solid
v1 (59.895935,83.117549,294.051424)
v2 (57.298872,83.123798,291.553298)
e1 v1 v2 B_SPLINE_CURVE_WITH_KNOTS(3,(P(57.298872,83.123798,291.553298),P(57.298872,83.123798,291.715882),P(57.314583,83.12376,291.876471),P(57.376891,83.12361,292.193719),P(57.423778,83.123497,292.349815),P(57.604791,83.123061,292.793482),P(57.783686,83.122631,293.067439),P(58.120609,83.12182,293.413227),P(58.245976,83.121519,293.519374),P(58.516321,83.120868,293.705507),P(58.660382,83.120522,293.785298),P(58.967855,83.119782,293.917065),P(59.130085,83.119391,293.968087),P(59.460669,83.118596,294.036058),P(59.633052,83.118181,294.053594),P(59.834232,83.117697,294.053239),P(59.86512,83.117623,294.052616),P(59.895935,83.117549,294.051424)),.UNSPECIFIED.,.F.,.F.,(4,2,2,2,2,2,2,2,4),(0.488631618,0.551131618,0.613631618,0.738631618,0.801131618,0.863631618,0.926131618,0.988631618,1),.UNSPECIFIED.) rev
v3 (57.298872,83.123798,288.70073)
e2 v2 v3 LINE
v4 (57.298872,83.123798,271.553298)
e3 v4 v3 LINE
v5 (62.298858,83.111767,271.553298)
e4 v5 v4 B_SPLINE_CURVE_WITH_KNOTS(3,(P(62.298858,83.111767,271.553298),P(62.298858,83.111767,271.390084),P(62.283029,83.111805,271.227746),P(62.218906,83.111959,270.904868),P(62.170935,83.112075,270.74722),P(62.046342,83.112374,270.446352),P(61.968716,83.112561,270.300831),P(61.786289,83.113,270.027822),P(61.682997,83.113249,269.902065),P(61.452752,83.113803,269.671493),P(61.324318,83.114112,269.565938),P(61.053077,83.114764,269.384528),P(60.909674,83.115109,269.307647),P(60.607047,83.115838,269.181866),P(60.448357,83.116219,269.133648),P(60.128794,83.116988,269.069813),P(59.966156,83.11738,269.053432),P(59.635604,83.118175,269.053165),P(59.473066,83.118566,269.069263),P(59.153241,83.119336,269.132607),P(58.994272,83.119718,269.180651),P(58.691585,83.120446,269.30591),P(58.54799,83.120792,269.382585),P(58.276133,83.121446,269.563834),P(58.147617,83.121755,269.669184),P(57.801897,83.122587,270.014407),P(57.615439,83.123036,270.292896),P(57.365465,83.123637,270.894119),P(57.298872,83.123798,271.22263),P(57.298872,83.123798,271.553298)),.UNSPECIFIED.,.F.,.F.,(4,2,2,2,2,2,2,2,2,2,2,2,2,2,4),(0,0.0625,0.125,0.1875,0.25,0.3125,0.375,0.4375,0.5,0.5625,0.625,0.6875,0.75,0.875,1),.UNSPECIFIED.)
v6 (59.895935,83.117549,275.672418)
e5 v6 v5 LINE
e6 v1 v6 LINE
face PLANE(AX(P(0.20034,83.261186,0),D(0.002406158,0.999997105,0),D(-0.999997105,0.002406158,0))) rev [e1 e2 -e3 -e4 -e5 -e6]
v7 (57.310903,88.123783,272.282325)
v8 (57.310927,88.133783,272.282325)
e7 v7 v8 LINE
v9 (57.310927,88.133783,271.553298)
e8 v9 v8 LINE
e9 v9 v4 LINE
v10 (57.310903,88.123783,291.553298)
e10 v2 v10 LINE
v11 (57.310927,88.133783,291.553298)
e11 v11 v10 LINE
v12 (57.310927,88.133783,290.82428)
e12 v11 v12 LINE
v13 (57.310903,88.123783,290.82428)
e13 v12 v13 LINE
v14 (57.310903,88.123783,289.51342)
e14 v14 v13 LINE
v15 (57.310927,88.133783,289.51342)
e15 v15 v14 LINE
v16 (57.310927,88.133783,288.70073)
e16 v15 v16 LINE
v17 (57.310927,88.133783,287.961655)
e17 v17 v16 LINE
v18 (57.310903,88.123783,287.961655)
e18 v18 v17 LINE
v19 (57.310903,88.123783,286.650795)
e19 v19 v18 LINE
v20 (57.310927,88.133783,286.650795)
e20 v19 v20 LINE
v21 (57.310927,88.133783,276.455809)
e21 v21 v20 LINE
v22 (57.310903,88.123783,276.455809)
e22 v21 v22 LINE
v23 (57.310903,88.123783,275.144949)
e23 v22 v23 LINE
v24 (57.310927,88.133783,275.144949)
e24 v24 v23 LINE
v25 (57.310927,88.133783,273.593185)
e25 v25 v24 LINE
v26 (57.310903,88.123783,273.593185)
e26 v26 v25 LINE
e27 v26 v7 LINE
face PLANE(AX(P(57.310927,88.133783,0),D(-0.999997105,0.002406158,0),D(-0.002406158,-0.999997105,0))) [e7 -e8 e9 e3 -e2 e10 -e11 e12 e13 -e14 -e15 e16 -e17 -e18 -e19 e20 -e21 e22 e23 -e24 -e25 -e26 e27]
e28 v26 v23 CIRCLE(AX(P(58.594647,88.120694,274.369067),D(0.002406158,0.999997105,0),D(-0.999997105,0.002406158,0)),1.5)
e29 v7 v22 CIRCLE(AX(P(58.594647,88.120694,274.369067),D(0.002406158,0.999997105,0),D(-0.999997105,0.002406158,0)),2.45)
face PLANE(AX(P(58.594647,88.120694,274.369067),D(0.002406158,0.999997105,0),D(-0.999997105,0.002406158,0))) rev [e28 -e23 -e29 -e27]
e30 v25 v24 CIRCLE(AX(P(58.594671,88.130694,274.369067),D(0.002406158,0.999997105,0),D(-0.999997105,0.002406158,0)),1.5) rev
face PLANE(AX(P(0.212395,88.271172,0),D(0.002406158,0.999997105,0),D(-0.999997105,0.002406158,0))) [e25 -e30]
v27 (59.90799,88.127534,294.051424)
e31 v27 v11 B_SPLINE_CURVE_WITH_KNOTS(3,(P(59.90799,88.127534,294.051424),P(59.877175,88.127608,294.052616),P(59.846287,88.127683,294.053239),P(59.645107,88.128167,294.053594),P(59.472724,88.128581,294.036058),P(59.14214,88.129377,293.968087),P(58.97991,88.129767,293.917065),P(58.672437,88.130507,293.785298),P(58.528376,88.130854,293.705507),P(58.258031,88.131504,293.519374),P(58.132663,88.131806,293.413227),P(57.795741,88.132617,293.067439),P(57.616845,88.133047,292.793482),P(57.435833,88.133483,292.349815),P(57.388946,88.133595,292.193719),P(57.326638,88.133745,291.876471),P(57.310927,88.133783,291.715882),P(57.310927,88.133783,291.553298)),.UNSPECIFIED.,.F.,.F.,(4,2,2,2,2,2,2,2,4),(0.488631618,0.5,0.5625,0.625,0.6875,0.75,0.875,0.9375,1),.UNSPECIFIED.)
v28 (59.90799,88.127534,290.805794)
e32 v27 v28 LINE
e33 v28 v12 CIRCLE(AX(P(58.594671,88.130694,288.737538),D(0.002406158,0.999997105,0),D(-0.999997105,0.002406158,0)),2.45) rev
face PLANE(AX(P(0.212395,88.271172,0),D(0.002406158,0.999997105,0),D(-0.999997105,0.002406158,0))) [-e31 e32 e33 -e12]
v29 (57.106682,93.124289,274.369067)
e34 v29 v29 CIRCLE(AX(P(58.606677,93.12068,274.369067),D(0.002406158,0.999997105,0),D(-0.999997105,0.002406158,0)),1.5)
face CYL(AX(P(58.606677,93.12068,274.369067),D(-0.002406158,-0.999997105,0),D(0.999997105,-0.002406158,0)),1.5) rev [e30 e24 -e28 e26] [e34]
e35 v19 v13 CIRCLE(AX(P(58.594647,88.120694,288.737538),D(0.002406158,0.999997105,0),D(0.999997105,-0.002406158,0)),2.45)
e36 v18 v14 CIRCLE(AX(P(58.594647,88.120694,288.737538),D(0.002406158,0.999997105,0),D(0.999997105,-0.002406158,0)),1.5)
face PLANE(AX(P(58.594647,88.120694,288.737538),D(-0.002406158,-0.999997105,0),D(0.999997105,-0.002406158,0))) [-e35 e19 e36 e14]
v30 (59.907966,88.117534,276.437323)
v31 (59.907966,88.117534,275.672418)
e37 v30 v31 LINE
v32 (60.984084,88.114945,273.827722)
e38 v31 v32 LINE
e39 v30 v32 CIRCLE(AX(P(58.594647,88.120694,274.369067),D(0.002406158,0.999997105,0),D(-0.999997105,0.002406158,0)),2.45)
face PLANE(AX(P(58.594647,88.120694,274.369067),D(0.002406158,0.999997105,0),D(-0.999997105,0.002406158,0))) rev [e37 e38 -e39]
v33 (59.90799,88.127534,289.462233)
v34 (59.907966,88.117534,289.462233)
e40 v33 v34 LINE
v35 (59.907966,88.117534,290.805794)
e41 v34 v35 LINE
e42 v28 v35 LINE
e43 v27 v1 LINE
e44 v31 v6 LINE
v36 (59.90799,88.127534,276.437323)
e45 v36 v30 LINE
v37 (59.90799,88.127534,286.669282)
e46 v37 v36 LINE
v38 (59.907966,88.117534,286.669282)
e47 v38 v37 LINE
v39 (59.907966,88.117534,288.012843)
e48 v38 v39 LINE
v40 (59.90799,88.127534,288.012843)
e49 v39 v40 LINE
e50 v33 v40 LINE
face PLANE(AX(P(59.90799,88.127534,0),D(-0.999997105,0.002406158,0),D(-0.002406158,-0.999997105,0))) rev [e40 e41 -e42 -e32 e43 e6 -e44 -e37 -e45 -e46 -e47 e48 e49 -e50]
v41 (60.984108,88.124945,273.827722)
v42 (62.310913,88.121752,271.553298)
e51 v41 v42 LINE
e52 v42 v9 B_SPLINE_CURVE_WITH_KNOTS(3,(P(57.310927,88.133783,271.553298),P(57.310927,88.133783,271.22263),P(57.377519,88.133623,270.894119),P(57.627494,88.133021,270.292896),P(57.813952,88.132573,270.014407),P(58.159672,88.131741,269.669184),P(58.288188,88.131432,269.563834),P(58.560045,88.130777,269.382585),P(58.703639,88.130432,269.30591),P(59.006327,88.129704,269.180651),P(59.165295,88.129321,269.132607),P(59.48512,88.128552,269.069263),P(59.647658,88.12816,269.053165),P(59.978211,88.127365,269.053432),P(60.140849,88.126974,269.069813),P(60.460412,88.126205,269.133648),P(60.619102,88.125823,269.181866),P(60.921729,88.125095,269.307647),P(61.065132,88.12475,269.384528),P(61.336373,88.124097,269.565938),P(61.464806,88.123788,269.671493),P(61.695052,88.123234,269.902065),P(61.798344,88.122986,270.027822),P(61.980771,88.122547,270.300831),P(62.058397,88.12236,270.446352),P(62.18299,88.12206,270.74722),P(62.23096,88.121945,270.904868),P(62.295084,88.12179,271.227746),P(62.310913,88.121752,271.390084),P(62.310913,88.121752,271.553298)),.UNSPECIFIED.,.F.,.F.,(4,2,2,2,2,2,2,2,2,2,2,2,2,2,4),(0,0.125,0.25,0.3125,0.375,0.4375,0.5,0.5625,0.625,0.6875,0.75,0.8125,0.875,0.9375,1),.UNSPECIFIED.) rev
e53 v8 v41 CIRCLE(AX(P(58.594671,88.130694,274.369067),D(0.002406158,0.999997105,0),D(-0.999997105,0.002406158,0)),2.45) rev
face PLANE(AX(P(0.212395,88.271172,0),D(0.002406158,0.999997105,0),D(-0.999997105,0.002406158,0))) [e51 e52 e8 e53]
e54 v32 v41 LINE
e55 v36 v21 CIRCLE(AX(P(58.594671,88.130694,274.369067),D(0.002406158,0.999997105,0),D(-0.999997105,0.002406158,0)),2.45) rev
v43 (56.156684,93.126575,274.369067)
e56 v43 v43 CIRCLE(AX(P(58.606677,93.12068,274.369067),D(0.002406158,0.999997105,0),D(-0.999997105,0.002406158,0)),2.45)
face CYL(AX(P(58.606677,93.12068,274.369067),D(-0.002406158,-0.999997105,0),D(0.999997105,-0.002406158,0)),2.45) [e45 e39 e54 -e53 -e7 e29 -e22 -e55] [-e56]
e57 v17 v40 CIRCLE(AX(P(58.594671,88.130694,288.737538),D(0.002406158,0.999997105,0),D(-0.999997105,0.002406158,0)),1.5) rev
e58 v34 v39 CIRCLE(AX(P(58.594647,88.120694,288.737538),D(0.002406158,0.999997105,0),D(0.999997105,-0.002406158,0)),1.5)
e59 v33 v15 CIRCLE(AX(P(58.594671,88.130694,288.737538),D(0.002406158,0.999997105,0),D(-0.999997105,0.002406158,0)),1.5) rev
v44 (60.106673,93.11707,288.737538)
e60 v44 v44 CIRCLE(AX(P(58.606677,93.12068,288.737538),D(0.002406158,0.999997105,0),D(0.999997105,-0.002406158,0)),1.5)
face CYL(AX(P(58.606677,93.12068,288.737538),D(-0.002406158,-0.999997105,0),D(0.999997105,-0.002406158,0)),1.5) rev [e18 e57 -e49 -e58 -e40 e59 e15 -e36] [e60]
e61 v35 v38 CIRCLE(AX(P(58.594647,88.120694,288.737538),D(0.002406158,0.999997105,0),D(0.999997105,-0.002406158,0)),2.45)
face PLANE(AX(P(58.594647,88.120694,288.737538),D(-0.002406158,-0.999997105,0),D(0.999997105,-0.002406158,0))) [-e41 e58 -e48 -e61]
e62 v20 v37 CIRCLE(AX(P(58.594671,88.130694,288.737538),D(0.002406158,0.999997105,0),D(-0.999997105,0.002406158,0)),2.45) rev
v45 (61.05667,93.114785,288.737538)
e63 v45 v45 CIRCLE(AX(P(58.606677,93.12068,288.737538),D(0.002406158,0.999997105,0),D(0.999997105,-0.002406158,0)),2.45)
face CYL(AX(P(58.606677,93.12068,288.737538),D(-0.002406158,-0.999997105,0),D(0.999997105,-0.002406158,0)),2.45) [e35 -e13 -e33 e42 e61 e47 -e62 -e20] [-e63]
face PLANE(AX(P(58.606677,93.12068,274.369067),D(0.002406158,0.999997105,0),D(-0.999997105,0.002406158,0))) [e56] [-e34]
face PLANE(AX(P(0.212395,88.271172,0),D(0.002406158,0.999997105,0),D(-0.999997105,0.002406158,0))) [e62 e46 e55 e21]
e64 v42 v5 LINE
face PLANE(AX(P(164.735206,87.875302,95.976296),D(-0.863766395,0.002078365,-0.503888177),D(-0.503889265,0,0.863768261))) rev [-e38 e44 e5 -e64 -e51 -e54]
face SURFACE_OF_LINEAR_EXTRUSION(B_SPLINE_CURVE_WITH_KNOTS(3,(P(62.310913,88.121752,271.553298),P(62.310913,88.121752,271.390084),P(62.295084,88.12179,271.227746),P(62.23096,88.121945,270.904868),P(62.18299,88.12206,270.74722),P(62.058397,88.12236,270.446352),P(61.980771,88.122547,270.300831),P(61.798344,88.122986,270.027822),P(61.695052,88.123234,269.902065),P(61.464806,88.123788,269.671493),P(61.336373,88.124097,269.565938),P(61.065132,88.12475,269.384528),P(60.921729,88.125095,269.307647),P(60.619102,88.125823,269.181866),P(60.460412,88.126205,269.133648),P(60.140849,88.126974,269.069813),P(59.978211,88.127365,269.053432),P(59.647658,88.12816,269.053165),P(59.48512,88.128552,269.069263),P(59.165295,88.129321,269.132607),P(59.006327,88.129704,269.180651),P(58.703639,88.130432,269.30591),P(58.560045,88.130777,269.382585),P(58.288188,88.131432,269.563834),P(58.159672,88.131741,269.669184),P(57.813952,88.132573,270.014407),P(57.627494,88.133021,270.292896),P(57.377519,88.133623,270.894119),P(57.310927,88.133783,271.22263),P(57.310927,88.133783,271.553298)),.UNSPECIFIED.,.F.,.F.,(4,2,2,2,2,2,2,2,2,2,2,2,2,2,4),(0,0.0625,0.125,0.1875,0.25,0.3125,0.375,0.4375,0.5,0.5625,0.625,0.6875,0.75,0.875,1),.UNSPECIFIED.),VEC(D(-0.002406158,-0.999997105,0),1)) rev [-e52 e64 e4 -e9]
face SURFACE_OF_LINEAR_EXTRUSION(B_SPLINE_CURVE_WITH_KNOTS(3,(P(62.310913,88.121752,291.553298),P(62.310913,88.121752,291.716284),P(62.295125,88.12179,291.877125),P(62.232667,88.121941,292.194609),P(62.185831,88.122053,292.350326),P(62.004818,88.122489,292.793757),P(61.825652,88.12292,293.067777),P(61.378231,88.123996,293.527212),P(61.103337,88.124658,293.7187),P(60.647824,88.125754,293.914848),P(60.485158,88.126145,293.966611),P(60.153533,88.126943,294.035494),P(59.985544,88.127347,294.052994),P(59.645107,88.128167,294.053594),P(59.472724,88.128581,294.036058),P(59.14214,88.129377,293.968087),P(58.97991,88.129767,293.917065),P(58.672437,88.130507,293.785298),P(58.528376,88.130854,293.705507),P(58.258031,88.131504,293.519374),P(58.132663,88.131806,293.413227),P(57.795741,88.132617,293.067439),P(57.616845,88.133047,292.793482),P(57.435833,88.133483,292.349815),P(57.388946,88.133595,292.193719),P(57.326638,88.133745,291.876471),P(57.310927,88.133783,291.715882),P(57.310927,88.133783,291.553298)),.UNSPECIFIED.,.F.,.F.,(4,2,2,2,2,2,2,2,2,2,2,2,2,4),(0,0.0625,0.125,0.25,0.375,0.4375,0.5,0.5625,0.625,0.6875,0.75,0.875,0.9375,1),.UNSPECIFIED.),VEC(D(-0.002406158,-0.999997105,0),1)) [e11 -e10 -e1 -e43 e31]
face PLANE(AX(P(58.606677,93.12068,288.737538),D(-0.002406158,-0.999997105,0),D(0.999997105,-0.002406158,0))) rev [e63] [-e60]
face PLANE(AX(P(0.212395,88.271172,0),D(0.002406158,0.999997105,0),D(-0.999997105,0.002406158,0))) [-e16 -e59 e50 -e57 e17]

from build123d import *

# Parameters (mm, degrees)
BOSS_EXTRUDE1_DEPTH      = 0.01
BOSS_EXTRUDE1_DEPTH_BACK = 5
SKETCH5_R                = 2.45
SKETCH5_R_2              = 1.5
BOSS_EXTRUDE2_DEPTH      = 5


with BuildPart() as part:
    # Sketch1 → Boss-Extrude1 (new, two sides: drawn at the far end of the back side and taken through both)
    with BuildSketch(Plane(origin=(0.212370974, 88.261171587, 0), x_dir=(0.9999971051966906, -0.0024061583985667905, 0), z_dir=(0.0024061583985667905, 0.9999971051966906, 2.2915916530952404e-15)).offset(-BOSS_EXTRUDE1_DEPTH_BACK)):
        with BuildLine():
            add(Edge.make_bspline(
                [(62.098697441, -271.553297735), (62.098697441, -271.390083561), (62.082868678, -271.227746225), (62.018744893, -270.904868209), (61.970774481, -270.747219765), (61.846181156, -270.44635233), (61.768554488, -270.300830702), (61.586127547, -270.027822449), (61.482834878, -269.902064788), (61.252588694, -269.671493322), (61.124154836, -269.565937636), (60.85291301, -269.384527638), (60.709509325, -269.307646832), (60.406882072, -269.181865969), (60.248191704, -269.13364771), (59.928627436, -269.06981324), (59.765989129, -269.053431748), (59.435435386, -269.053165346), (59.272896926, -269.069262853), (58.953071086, -269.132607362), (58.794102275, -269.180650645), (58.491413646, -269.30591032), (58.347818746, -269.382585434), (58.075961384, -269.563834415), (57.947444391, -269.669183663), (57.601723344, -270.014407111), (57.415265036, -270.29289619), (57.16528984, -270.894119026), (57.098697441, -271.222630203), (57.098697441, -271.553297735)],
                knots=[0, 0, 0, 0, 0.0625, 0.0625, 0.125, 0.125, 0.1875, 0.1875, 0.25, 0.25, 0.3125, 0.3125, 0.375, 0.375, 0.4375, 0.4375, 0.5, 0.5, 0.5625, 0.5625, 0.625, 0.625, 0.6875, 0.6875, 0.75, 0.75, 0.875, 0.875, 1, 1, 1, 1], degree=3))
            Line((57.098697441, -271.553297735), (57.098697441, -288.700730466))
            add(Edge.make_bspline(
                [(57.098697441, -291.553297735), (57.098716176, -291.500037735), (57.098733901, -291.446736965), (57.098944046, -290.775972975), (57.098997483, -290.169015827), (57.098876087, -289.279212217), (57.098803426, -288.988725401), (57.098697441, -288.700730466)],
                knots=[0.466050383, 0.466050383, 0.466050383, 0.466050383, 0.46875, 0.46875, 0.5, 0.5, 0.515336825, 0.515336825, 0.515336825, 0.515336825], degree=3))
            add(Edge.make_bspline(
                [(59.695767456, -294.051424481), (59.664952853, -294.052615647), (59.634064807, -294.053239292), (59.43288412, -294.053593818), (59.260500841, -294.036058258), (58.929915117, -293.968086951), (58.767684875, -293.9170646), (58.460210959, -293.785297782), (58.316149887, -293.70550705), (58.0458038, -293.51937365), (57.92043612, -293.413227178), (57.583512234, -293.067438733), (57.404616617, -292.79348169), (57.223603479, -292.349815403), (57.176716166, -292.193718571), (57.11440851, -291.876470519), (57.098697441, -291.715881831), (57.098697441, -291.553297735)],
                knots=[0.488631618, 0.488631618, 0.488631618, 0.488631618, 0.5, 0.5, 0.5625, 0.5625, 0.625, 0.625, 0.6875, 0.6875, 0.75, 0.75, 0.875, 0.875, 0.9375, 0.9375, 1, 1, 1, 1], degree=3))
            Line((59.695767456, -294.051424481), (59.695767456, -275.672418356))
            Line((59.695767456, -275.672418356), (62.098697441, -271.553297735))
        make_face()
    extrude(amount=BOSS_EXTRUDE1_DEPTH + BOSS_EXTRUDE1_DEPTH_BACK)

    # Sketch5 → Boss-Extrude2 (add)
    # profile 1 of 2: a face of its own
    with BuildSketch(Plane(origin=(0.212370974, 88.261171587, 0), x_dir=(0.9999971051966906, -0.0024061583985667905, 0), z_dir=(0.0024061583985667905, 0.9999971051966906, 2.2915916530952404e-15))):
        with Locations(Location((58.382444571, -274.369066811, 0), (0, 0, 12.765246623))):
            Circle(SKETCH5_R)
        with Locations(Location((58.382444571, -274.369066811, 0), (0, 0, 211.148291833))):
            Circle(SKETCH5_R_2, mode=Mode.SUBTRACT)
    # profile 2 of 2: a face of its own
    with BuildSketch(Plane(origin=(0.212370974, 88.261171587, 0), x_dir=(0.9999971051966906, -0.0024061583985667905, 0), z_dir=(0.0024061583985667905, 0.9999971051966906, 2.2915916530952404e-15))):
        with Locations((58.382444571, -288.73753777)):
            Circle(SKETCH5_R)
        with Locations((58.382444571, -288.73753777)):
            Circle(SKETCH5_R_2, mode=Mode.SUBTRACT)
    extrude(amount=BOSS_EXTRUDE2_DEPTH)


solid = part.part
